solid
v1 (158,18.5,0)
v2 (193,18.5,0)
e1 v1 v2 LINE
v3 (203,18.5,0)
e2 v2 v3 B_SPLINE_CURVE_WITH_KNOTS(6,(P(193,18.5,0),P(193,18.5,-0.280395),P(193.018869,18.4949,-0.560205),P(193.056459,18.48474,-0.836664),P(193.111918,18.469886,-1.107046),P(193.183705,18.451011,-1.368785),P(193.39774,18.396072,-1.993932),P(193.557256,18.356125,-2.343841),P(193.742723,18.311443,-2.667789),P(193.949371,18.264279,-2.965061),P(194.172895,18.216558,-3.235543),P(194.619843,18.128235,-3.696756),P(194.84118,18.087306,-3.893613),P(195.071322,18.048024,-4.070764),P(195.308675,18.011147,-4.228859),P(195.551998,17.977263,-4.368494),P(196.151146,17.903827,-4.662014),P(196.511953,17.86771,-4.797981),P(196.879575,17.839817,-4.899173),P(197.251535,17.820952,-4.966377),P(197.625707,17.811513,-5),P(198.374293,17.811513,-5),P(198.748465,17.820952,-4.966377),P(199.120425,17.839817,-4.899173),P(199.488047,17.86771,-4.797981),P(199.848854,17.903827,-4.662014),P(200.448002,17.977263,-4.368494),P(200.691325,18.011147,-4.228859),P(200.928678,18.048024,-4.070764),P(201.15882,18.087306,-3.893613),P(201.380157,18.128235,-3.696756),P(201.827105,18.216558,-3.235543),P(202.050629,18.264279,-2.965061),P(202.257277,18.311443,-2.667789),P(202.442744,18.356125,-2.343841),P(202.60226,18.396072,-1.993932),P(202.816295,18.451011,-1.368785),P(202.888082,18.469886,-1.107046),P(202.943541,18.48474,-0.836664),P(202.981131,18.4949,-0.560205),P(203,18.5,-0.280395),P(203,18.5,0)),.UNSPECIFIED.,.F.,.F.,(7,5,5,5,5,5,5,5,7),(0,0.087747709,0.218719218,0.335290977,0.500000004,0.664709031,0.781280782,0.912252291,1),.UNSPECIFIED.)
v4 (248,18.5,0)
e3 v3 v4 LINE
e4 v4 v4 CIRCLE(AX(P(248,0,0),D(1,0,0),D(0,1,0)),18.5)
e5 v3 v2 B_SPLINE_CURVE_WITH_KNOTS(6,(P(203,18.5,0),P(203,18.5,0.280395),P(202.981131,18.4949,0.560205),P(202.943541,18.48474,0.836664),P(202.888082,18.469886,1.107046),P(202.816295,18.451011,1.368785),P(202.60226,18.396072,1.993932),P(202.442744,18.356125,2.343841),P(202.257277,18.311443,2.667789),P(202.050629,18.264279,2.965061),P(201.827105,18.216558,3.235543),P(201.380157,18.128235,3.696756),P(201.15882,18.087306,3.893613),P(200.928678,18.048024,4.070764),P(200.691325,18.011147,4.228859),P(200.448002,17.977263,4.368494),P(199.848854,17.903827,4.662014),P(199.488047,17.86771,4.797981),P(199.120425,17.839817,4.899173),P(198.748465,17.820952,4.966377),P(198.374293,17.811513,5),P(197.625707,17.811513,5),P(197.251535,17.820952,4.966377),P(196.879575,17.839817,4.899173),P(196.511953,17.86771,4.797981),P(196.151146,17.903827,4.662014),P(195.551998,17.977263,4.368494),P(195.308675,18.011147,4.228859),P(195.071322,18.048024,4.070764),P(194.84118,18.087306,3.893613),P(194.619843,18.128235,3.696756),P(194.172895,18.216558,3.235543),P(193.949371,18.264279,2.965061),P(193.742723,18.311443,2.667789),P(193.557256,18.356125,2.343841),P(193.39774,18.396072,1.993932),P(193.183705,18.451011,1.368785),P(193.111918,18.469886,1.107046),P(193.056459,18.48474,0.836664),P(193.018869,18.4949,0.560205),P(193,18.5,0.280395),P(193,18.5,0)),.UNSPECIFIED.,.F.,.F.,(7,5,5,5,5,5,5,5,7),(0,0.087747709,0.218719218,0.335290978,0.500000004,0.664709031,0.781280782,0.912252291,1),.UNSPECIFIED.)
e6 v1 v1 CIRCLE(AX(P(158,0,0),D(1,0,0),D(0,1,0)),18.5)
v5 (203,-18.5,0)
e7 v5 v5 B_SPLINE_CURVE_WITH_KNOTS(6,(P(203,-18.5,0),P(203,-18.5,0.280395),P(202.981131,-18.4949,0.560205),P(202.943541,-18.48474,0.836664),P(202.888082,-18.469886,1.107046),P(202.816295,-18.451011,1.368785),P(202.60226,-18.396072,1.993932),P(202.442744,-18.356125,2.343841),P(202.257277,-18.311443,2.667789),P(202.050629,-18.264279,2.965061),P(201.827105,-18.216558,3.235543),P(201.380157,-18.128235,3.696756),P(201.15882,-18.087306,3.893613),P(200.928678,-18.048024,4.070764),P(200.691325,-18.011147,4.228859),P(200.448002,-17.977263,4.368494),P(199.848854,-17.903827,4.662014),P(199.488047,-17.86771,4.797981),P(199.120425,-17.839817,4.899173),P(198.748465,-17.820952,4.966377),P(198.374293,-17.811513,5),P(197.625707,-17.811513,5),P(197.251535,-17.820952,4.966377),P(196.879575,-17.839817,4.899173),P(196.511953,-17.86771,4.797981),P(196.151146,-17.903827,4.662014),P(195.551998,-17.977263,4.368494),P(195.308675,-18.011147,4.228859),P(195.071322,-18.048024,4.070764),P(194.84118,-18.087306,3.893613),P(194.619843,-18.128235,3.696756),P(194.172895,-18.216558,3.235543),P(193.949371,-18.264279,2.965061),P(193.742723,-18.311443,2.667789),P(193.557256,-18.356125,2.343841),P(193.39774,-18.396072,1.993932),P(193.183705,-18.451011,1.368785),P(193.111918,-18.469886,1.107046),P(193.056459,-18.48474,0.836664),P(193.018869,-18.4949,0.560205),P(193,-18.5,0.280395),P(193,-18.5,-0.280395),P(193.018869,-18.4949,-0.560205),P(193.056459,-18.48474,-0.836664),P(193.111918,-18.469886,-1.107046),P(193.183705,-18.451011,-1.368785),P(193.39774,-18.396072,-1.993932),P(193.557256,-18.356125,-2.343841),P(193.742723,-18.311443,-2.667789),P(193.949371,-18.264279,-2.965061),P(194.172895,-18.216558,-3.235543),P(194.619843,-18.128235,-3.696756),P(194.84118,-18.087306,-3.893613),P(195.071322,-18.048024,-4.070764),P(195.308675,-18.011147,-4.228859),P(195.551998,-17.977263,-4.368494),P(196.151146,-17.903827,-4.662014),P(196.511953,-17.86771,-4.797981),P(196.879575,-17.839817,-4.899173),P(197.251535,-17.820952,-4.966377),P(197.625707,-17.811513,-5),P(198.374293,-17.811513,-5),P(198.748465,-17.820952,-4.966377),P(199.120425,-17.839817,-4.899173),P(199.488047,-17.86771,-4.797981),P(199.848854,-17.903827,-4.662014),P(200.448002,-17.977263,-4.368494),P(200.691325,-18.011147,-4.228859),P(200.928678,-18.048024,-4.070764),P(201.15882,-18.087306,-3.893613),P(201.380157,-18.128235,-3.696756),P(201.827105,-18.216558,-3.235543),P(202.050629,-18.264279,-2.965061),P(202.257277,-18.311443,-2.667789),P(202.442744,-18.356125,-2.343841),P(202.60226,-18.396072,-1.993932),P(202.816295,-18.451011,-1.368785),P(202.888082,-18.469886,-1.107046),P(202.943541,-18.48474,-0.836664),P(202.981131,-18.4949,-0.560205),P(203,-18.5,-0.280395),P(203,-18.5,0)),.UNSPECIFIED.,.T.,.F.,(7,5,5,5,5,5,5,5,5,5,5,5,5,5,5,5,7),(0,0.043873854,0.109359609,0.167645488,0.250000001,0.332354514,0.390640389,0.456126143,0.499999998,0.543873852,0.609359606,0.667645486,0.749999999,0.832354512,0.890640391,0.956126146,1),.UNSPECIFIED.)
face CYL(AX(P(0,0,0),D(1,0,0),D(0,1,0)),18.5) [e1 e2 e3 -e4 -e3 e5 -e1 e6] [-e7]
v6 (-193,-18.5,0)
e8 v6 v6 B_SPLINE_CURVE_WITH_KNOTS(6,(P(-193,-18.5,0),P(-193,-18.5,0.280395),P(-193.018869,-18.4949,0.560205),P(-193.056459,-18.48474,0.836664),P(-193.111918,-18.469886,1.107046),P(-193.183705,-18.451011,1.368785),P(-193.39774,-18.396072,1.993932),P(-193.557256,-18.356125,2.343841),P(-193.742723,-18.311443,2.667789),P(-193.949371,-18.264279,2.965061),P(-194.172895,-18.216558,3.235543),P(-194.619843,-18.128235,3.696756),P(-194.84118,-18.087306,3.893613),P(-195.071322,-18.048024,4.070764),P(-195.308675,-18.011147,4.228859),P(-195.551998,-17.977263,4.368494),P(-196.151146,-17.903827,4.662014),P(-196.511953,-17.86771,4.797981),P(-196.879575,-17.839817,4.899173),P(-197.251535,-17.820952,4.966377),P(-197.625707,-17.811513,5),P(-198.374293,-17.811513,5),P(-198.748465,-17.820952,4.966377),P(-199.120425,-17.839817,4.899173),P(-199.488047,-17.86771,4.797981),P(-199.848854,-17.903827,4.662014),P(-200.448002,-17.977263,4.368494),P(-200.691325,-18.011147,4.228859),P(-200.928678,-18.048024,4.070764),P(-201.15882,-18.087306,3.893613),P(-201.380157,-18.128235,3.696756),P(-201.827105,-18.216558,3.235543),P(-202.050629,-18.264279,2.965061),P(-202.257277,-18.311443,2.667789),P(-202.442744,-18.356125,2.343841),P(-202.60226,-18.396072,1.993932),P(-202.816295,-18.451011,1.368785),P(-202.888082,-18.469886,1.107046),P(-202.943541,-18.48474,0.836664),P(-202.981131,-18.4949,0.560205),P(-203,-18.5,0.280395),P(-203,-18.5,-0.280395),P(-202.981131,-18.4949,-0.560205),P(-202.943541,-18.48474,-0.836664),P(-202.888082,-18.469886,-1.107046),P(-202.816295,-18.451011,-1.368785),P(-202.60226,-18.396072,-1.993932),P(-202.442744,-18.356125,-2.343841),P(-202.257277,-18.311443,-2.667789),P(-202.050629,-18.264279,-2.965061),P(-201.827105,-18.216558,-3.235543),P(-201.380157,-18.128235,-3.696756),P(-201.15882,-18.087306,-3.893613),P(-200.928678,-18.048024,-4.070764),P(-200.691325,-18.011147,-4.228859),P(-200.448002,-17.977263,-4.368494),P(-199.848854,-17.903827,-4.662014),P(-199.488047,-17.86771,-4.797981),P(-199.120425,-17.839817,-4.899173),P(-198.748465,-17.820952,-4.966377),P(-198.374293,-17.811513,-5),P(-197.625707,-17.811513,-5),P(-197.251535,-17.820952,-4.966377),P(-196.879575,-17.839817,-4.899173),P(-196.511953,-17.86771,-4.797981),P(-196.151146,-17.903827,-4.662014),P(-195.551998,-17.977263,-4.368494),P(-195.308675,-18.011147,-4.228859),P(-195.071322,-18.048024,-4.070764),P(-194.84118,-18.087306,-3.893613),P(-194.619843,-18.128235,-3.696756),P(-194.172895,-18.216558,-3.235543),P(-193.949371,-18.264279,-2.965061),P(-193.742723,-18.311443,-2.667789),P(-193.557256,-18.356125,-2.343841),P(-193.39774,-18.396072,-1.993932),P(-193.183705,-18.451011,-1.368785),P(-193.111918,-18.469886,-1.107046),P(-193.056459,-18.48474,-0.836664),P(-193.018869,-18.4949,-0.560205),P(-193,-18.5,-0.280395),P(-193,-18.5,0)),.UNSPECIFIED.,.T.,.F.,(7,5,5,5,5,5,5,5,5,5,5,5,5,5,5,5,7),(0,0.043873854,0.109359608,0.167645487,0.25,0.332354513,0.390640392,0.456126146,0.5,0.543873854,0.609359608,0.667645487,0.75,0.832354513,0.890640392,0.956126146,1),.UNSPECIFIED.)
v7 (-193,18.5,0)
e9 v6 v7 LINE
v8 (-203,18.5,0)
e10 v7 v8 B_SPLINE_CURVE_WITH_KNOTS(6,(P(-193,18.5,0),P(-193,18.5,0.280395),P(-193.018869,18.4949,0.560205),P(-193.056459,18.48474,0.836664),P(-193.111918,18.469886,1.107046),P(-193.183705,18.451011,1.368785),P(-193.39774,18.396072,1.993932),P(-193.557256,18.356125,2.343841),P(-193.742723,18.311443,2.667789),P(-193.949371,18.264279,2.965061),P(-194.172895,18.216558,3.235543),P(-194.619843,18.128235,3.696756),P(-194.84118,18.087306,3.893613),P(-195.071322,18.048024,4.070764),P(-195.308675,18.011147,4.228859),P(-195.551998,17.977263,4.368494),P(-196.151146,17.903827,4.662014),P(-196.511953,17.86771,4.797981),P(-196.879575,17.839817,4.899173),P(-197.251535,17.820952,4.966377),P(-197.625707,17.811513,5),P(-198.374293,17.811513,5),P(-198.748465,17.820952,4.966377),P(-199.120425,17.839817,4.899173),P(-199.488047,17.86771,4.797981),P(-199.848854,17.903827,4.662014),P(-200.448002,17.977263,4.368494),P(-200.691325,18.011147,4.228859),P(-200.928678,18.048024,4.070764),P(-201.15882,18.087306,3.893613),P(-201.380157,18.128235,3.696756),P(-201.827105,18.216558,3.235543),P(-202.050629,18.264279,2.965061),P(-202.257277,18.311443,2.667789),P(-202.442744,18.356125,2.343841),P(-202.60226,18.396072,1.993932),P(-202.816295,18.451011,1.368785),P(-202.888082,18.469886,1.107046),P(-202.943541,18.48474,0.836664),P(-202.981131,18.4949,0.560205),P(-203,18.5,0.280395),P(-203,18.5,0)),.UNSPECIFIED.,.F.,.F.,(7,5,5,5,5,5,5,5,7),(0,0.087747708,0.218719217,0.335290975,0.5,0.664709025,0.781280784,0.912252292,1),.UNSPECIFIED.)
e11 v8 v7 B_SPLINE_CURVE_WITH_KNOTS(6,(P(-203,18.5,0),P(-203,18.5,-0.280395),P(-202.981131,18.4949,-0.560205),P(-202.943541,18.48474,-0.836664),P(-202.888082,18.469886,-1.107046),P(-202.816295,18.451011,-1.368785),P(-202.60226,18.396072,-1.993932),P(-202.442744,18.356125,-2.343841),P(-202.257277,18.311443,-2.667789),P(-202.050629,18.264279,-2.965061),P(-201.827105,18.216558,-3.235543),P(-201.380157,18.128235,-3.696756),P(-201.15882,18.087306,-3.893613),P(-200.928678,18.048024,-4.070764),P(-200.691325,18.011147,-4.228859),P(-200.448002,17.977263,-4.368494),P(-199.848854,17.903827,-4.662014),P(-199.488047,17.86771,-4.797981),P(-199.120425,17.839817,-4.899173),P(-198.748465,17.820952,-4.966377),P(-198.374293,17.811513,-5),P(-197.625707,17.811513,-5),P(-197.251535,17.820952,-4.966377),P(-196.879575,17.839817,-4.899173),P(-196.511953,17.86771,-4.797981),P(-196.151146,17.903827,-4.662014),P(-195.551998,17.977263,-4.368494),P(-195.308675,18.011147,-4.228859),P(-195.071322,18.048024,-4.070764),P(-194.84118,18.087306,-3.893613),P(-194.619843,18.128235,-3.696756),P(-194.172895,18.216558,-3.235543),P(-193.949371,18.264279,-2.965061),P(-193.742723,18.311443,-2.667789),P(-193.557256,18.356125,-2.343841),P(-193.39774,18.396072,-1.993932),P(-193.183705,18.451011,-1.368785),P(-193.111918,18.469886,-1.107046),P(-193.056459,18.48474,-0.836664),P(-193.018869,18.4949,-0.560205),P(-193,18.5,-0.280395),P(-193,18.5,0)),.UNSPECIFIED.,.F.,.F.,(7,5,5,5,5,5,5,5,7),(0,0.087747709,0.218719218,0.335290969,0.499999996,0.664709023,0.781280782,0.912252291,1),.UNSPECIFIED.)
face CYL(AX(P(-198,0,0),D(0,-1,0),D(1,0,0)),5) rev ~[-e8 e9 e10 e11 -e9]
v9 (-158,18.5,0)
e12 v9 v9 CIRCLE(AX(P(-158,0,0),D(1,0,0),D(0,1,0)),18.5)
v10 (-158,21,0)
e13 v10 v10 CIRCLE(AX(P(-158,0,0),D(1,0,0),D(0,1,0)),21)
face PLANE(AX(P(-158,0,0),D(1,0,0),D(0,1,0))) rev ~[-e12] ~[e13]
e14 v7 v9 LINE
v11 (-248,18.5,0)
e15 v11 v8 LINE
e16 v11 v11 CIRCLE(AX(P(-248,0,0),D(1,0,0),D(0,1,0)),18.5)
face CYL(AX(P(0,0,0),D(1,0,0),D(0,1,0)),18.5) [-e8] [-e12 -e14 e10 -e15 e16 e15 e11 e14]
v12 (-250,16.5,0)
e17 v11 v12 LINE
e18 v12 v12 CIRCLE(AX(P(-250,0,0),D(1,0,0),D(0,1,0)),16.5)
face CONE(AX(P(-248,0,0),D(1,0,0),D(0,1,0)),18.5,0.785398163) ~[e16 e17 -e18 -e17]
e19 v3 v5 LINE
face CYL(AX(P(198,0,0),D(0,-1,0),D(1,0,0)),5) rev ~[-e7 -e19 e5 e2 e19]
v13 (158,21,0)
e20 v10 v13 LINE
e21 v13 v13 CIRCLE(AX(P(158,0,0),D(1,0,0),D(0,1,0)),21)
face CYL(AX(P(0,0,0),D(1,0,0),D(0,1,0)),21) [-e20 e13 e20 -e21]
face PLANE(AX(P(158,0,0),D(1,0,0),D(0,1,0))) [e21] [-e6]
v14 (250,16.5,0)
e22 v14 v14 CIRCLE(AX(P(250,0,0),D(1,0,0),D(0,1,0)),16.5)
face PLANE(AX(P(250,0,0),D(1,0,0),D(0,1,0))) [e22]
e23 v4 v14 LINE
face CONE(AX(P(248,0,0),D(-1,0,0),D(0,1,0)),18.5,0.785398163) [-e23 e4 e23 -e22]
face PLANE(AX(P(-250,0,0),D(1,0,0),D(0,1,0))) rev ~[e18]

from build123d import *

# Parameters (mm, degrees)
F0_R     = 18.5
F1_DEPTH = 250
F0_R_2   = 21
F2_DEPTH = 158
F3_SIZE  = 2
F5_R     = 5
F6_DEPTH = 50


with BuildPart() as f1:
    # F0 (on Right) → F1 (new body, symmetric)
    with BuildSketch(Plane.YZ):
        Circle(F0_R)
    extrude(amount=F1_DEPTH, both=True)

    # F0 (on Right) → F2 (join, symmetric)
    with BuildSketch(Plane.YZ):
        Circle(F0_R_2)
        Circle(F0_R, mode=Mode.SUBTRACT)
    extrude(amount=F2_DEPTH, both=True)

    # F3
    f3_edges = [f1.edges().sort_by_distance(p)[0] for p in [
        (250, -18.5, 0),
        (-250, -18.5, 0),
    ]]
    chamfer(f3_edges, length=F3_SIZE)

    # F5 (on face) → F6 (cut, symmetric)
    with BuildSketch(Plane.XZ):
        with Locations((-198, 0)):
            Circle(F5_R)
        with Locations((198, 0)):
            Circle(F5_R)
    extrude(amount=F6_DEPTH, both=True, mode=Mode.SUBTRACT)


solid = f1.part
